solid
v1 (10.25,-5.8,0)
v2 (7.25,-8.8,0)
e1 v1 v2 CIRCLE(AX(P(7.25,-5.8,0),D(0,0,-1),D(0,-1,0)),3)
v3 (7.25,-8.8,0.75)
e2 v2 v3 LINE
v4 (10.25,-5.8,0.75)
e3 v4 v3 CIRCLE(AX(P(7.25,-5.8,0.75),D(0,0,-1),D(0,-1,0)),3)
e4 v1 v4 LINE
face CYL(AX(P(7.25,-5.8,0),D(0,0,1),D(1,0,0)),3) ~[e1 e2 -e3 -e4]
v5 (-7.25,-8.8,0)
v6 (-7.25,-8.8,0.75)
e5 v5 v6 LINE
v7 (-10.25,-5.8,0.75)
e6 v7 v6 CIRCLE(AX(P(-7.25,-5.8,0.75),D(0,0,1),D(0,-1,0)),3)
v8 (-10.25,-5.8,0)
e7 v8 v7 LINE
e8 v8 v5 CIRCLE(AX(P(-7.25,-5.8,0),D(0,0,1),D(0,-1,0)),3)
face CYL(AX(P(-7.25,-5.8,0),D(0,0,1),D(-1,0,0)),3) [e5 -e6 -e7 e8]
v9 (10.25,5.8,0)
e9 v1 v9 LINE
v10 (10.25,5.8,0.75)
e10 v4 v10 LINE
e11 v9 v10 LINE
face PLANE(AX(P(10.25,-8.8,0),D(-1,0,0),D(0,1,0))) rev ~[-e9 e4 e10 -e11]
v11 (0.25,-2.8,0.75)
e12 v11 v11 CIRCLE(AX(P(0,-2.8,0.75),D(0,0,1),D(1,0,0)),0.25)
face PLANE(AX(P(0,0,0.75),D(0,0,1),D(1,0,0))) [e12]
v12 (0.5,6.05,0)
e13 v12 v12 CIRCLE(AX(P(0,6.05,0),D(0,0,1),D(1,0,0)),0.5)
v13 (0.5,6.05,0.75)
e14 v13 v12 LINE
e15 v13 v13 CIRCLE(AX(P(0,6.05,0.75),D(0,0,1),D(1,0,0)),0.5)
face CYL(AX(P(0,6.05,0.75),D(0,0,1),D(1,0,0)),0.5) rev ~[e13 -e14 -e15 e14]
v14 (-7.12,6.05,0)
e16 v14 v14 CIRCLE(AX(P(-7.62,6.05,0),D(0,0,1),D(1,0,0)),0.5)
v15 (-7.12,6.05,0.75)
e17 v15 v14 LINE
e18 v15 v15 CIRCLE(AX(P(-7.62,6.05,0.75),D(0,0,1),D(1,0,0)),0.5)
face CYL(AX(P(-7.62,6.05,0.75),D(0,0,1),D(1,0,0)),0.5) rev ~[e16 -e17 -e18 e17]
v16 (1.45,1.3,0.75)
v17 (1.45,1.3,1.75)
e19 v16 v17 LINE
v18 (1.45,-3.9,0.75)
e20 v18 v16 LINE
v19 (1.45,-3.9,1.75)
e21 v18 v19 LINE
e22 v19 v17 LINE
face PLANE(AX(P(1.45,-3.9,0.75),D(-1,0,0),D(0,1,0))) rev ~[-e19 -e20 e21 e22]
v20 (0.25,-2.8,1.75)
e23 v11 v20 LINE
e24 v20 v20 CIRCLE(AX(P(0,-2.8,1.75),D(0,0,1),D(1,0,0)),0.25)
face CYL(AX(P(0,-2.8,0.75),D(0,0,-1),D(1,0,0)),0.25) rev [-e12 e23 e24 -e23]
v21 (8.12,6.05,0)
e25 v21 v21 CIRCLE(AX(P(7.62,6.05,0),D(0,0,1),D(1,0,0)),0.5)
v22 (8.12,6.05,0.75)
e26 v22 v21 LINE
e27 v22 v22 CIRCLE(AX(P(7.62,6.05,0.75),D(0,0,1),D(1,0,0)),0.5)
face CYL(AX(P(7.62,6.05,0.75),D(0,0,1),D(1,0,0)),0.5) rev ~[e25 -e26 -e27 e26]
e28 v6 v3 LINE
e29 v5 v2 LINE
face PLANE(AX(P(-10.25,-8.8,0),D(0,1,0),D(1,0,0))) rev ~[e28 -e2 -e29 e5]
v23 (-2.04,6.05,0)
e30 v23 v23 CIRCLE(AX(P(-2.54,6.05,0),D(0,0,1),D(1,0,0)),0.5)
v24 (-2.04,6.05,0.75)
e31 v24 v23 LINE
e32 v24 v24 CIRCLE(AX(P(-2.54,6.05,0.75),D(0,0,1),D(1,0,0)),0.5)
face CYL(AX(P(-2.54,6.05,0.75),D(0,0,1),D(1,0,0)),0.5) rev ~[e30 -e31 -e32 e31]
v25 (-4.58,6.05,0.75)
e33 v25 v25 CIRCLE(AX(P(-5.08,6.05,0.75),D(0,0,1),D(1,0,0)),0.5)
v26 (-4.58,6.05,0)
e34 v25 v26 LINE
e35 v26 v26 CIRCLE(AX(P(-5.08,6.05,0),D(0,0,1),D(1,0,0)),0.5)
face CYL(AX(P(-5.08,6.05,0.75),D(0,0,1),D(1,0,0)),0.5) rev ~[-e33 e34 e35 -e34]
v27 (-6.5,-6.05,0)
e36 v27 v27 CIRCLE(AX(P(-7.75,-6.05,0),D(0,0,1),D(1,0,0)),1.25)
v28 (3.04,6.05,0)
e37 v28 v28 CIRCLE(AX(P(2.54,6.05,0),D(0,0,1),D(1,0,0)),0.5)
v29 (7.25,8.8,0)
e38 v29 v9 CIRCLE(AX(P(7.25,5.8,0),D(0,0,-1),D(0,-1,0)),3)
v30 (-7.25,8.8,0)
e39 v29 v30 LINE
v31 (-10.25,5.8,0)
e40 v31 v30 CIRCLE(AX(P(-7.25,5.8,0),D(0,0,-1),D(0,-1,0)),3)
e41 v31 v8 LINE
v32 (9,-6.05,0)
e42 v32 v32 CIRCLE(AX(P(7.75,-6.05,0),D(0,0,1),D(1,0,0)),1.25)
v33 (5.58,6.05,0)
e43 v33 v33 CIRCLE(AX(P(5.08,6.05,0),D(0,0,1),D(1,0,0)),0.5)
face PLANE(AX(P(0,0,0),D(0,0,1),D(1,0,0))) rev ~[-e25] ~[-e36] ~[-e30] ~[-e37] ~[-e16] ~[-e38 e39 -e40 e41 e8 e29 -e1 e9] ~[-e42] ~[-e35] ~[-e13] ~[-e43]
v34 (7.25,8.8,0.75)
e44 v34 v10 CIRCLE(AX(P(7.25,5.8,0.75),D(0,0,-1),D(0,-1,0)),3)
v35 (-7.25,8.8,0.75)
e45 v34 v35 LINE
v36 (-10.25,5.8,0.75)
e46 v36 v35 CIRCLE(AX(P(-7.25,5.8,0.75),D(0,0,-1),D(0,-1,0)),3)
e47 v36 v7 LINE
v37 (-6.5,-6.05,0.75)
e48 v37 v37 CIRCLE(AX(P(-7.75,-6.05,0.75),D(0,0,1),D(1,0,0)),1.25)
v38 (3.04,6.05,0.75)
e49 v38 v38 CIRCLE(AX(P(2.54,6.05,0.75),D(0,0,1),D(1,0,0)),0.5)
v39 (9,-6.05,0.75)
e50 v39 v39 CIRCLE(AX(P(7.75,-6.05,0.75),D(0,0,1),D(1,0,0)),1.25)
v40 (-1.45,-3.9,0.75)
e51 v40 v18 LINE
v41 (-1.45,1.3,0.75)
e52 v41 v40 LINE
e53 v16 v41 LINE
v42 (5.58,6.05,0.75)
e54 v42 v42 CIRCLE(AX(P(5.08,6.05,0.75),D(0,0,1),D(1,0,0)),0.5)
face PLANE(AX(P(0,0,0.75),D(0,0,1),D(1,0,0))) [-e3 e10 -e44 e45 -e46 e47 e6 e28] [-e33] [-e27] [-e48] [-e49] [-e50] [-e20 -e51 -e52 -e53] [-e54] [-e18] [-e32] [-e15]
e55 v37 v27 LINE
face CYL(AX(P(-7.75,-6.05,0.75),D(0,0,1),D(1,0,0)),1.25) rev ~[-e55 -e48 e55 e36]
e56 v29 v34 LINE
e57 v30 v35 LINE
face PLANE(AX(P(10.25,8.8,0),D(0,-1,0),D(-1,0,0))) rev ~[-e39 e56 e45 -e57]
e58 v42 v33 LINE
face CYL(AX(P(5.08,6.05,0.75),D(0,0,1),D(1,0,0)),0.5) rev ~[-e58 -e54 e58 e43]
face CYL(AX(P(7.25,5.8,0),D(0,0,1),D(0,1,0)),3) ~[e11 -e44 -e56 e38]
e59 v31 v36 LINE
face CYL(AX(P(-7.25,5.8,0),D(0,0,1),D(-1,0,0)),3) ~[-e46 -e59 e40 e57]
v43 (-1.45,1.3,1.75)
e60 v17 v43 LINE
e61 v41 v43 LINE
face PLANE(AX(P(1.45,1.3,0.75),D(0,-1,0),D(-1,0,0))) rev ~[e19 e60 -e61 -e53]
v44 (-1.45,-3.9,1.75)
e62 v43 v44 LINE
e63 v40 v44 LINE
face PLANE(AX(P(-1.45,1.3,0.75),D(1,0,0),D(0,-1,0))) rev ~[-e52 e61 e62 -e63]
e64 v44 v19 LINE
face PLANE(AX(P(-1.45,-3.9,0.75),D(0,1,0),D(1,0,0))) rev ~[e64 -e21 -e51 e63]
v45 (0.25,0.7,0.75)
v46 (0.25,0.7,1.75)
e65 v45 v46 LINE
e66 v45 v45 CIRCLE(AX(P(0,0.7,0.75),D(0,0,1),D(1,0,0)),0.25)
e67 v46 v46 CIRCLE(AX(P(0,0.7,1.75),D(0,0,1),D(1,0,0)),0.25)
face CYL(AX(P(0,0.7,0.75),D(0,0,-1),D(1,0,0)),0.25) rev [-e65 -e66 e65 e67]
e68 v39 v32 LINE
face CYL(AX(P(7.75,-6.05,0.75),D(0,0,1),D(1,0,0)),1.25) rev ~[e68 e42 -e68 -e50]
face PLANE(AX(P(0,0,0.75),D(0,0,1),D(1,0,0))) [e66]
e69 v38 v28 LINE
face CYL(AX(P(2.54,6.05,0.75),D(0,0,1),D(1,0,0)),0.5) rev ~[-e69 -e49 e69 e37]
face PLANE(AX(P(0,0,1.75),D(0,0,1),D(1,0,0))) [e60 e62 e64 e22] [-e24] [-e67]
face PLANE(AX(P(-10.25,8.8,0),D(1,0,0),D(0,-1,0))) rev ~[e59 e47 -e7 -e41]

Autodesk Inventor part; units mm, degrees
ref_plane "YZ Plane" through (0, 0, 0) normal (1, 0, 0) x (0, 1, 0)
ref_plane "XZ Plane" through (0, 0, 0) normal (0, 1, 0) x (-1, 0, 0)
ref_plane "XY Plane" through (0, 0, 0) normal (0, 0, 1) x (1, 0, 0)
sketch "Skizze1" plane through (0, 0, 0) normal (0, 0, 1) x (1, 0, 0)
  line L0 (-10.25, -8.8) -> (10.25, -8.8)
  line L1 (10.25, -8.8) -> (10.25, 8.8)
  line L2 (10.25, 8.8) -> (-10.25, 8.8)
  line L3 (-10.25, 8.8) -> (-10.25, -8.8)
  line L4 (-10.25, -8.8) -> (10.25, 8.8) construction
  line L5 (10.25, -8.8) -> (-10.25, 8.8) construction
  point P0 (0, 0)
  dimension "d0" = 20.5
  dimension "d1" = 17.6
extrude "Extrusion1" add sketch "Skizze1" along normal blind 0.75
fillet "Rundung1" radius 3 4 edges at (10.25, -8.8, 0.375) (-10.25, -8.8, 0.375) (-10.25, 8.8, 0.375) (10.25, 8.8, 0.375)
sketch "Skizze2" plane through (0, 0, 0.75) normal (0, 0, 1) x (1, 0, 0)
  line L0 (7.75, -6.05) -> (-7.75, -6.05) construction
  line L1 (-7.75, -6.05) -> (-7.75, 6.05) construction
  line L2 (-7.75, 6.05) -> (7.75, 6.05) construction
  line L3 (7.75, 6.05) -> (7.75, -6.05) construction
  line L4 (7.75, -6.05) -> (-7.75, 6.05) construction
  line L5 (-7.75, -6.05) -> (7.75, 6.05) construction
  circle A0 centre (-7.75, -6.05) radius 1.25
  circle A1 centre (7.75, -6.05) radius 1.25
  line L6 (-15.2198, 0) -> (15.2198, 0) construction
  circle A2 centre (0, 6.05) radius 0.5
  line L7 (-5.21, 6.05) -> (10.29, 6.05) construction
  circle A3 centre (2.54, 6.05) radius 0.5
  line L8 (-2.67, 6.05) -> (12.83, 6.05) construction
  circle A4 centre (5.08, 6.05) radius 0.5
  line L9 (-0.13, 6.05) -> (15.37, 6.05) construction
  circle A5 centre (7.62, 6.05) radius 0.5
  line L10 (-10.29, 6.05) -> (5.21, 6.05) construction
  circle A6 centre (-2.54, 6.05) radius 0.5
  line L11 (-7.75, 6.05) -> (7.75, 6.05) construction
  circle A7 centre (0, 6.05) radius 0.5
  line L12 (-5.21, 6.05) -> (10.29, 6.05) construction
  circle A8 centre (2.54, 6.05) radius 0.5
  line L13 (-2.67, 6.05) -> (12.83, 6.05) construction
  circle A9 centre (5.08, 6.05) radius 0.5
  line L14 (-12.83, 6.05) -> (2.67, 6.05) construction
  circle A10 centre (-5.08, 6.05) radius 0.5
  line L15 (-10.29, 6.05) -> (5.21, 6.05) construction
  circle A11 centre (-2.54, 6.05) radius 0.5
  line L16 (-7.75, 6.05) -> (7.75, 6.05) construction
  circle A12 centre (0, 6.05) radius 0.5
  line L17 (-5.21, 6.05) -> (10.29, 6.05) construction
  circle A13 centre (2.54, 6.05) radius 0.5
  line L18 (-15.37, 6.05) -> (0.13, 6.05) construction
  circle A14 centre (-7.62, 6.05) radius 0.5
  line L19 (-12.83, 6.05) -> (2.67, 6.05) construction
  circle A15 centre (-5.08, 6.05) radius 0.5
  line L20 (-10.29, 6.05) -> (5.21, 6.05) construction
  circle A16 centre (-2.54, 6.05) radius 0.5
  line L21 (-7.75, 6.05) -> (7.75, 6.05) construction
  circle A17 centre (0, 6.05) radius 0.5
  point P0 (0, 0)
  dimension "d5" = 15.5
  dimension "d6" = 12.1
  dimension "d7" = 2.5
  dimension "d10" = 1
  dimension "d13" = 2.54
  dimension "d16" = 2.54
extrude "Extrusion2" cut sketch "Skizze2" against normal through all
sketch "Skizze3" plane through (0, 0, 0.75) normal (0, 0, 1) x (1, 0, 0)
  line L0 (-1.45, -3.9) -> (1.45, -3.9)
  line L1 (1.45, -3.9) -> (1.45, 1.3)
  line L2 (1.45, 1.3) -> (-1.45, 1.3)
  line L3 (-1.45, 1.3) -> (-1.45, -3.9)
  line L4 (-1.45, -3.9) -> (1.45, 1.3) construction
  line L5 (1.45, -3.9) -> (-1.45, 1.3) construction
  line L6 (0, -13.1898) -> (0, 13.1898) construction
  circle A0 centre (0, -2.8) radius 0.25
  circle A1 centre (0, 0.7) radius 0.25
  line L7 (-15.2198, 0) -> (15.2198, 0) construction
  point P0 (0, 0)
  point P1 (0, -1.3)
  point P2 (0, -1.3)
  dimension "d21" = 2.9
  dimension "d22" = 5.2
  dimension "d23" = 0.5
  dimension "d24" = 0.5
  dimension "d25" = 0.6
  dimension "d26" = 1.1
  dimension "d27" = 1.3
extrude "Extrusion3" add sketch "Skizze3" along normal blind 1
properties part number "VL6180X-Time_of_Flight_Sensor"
